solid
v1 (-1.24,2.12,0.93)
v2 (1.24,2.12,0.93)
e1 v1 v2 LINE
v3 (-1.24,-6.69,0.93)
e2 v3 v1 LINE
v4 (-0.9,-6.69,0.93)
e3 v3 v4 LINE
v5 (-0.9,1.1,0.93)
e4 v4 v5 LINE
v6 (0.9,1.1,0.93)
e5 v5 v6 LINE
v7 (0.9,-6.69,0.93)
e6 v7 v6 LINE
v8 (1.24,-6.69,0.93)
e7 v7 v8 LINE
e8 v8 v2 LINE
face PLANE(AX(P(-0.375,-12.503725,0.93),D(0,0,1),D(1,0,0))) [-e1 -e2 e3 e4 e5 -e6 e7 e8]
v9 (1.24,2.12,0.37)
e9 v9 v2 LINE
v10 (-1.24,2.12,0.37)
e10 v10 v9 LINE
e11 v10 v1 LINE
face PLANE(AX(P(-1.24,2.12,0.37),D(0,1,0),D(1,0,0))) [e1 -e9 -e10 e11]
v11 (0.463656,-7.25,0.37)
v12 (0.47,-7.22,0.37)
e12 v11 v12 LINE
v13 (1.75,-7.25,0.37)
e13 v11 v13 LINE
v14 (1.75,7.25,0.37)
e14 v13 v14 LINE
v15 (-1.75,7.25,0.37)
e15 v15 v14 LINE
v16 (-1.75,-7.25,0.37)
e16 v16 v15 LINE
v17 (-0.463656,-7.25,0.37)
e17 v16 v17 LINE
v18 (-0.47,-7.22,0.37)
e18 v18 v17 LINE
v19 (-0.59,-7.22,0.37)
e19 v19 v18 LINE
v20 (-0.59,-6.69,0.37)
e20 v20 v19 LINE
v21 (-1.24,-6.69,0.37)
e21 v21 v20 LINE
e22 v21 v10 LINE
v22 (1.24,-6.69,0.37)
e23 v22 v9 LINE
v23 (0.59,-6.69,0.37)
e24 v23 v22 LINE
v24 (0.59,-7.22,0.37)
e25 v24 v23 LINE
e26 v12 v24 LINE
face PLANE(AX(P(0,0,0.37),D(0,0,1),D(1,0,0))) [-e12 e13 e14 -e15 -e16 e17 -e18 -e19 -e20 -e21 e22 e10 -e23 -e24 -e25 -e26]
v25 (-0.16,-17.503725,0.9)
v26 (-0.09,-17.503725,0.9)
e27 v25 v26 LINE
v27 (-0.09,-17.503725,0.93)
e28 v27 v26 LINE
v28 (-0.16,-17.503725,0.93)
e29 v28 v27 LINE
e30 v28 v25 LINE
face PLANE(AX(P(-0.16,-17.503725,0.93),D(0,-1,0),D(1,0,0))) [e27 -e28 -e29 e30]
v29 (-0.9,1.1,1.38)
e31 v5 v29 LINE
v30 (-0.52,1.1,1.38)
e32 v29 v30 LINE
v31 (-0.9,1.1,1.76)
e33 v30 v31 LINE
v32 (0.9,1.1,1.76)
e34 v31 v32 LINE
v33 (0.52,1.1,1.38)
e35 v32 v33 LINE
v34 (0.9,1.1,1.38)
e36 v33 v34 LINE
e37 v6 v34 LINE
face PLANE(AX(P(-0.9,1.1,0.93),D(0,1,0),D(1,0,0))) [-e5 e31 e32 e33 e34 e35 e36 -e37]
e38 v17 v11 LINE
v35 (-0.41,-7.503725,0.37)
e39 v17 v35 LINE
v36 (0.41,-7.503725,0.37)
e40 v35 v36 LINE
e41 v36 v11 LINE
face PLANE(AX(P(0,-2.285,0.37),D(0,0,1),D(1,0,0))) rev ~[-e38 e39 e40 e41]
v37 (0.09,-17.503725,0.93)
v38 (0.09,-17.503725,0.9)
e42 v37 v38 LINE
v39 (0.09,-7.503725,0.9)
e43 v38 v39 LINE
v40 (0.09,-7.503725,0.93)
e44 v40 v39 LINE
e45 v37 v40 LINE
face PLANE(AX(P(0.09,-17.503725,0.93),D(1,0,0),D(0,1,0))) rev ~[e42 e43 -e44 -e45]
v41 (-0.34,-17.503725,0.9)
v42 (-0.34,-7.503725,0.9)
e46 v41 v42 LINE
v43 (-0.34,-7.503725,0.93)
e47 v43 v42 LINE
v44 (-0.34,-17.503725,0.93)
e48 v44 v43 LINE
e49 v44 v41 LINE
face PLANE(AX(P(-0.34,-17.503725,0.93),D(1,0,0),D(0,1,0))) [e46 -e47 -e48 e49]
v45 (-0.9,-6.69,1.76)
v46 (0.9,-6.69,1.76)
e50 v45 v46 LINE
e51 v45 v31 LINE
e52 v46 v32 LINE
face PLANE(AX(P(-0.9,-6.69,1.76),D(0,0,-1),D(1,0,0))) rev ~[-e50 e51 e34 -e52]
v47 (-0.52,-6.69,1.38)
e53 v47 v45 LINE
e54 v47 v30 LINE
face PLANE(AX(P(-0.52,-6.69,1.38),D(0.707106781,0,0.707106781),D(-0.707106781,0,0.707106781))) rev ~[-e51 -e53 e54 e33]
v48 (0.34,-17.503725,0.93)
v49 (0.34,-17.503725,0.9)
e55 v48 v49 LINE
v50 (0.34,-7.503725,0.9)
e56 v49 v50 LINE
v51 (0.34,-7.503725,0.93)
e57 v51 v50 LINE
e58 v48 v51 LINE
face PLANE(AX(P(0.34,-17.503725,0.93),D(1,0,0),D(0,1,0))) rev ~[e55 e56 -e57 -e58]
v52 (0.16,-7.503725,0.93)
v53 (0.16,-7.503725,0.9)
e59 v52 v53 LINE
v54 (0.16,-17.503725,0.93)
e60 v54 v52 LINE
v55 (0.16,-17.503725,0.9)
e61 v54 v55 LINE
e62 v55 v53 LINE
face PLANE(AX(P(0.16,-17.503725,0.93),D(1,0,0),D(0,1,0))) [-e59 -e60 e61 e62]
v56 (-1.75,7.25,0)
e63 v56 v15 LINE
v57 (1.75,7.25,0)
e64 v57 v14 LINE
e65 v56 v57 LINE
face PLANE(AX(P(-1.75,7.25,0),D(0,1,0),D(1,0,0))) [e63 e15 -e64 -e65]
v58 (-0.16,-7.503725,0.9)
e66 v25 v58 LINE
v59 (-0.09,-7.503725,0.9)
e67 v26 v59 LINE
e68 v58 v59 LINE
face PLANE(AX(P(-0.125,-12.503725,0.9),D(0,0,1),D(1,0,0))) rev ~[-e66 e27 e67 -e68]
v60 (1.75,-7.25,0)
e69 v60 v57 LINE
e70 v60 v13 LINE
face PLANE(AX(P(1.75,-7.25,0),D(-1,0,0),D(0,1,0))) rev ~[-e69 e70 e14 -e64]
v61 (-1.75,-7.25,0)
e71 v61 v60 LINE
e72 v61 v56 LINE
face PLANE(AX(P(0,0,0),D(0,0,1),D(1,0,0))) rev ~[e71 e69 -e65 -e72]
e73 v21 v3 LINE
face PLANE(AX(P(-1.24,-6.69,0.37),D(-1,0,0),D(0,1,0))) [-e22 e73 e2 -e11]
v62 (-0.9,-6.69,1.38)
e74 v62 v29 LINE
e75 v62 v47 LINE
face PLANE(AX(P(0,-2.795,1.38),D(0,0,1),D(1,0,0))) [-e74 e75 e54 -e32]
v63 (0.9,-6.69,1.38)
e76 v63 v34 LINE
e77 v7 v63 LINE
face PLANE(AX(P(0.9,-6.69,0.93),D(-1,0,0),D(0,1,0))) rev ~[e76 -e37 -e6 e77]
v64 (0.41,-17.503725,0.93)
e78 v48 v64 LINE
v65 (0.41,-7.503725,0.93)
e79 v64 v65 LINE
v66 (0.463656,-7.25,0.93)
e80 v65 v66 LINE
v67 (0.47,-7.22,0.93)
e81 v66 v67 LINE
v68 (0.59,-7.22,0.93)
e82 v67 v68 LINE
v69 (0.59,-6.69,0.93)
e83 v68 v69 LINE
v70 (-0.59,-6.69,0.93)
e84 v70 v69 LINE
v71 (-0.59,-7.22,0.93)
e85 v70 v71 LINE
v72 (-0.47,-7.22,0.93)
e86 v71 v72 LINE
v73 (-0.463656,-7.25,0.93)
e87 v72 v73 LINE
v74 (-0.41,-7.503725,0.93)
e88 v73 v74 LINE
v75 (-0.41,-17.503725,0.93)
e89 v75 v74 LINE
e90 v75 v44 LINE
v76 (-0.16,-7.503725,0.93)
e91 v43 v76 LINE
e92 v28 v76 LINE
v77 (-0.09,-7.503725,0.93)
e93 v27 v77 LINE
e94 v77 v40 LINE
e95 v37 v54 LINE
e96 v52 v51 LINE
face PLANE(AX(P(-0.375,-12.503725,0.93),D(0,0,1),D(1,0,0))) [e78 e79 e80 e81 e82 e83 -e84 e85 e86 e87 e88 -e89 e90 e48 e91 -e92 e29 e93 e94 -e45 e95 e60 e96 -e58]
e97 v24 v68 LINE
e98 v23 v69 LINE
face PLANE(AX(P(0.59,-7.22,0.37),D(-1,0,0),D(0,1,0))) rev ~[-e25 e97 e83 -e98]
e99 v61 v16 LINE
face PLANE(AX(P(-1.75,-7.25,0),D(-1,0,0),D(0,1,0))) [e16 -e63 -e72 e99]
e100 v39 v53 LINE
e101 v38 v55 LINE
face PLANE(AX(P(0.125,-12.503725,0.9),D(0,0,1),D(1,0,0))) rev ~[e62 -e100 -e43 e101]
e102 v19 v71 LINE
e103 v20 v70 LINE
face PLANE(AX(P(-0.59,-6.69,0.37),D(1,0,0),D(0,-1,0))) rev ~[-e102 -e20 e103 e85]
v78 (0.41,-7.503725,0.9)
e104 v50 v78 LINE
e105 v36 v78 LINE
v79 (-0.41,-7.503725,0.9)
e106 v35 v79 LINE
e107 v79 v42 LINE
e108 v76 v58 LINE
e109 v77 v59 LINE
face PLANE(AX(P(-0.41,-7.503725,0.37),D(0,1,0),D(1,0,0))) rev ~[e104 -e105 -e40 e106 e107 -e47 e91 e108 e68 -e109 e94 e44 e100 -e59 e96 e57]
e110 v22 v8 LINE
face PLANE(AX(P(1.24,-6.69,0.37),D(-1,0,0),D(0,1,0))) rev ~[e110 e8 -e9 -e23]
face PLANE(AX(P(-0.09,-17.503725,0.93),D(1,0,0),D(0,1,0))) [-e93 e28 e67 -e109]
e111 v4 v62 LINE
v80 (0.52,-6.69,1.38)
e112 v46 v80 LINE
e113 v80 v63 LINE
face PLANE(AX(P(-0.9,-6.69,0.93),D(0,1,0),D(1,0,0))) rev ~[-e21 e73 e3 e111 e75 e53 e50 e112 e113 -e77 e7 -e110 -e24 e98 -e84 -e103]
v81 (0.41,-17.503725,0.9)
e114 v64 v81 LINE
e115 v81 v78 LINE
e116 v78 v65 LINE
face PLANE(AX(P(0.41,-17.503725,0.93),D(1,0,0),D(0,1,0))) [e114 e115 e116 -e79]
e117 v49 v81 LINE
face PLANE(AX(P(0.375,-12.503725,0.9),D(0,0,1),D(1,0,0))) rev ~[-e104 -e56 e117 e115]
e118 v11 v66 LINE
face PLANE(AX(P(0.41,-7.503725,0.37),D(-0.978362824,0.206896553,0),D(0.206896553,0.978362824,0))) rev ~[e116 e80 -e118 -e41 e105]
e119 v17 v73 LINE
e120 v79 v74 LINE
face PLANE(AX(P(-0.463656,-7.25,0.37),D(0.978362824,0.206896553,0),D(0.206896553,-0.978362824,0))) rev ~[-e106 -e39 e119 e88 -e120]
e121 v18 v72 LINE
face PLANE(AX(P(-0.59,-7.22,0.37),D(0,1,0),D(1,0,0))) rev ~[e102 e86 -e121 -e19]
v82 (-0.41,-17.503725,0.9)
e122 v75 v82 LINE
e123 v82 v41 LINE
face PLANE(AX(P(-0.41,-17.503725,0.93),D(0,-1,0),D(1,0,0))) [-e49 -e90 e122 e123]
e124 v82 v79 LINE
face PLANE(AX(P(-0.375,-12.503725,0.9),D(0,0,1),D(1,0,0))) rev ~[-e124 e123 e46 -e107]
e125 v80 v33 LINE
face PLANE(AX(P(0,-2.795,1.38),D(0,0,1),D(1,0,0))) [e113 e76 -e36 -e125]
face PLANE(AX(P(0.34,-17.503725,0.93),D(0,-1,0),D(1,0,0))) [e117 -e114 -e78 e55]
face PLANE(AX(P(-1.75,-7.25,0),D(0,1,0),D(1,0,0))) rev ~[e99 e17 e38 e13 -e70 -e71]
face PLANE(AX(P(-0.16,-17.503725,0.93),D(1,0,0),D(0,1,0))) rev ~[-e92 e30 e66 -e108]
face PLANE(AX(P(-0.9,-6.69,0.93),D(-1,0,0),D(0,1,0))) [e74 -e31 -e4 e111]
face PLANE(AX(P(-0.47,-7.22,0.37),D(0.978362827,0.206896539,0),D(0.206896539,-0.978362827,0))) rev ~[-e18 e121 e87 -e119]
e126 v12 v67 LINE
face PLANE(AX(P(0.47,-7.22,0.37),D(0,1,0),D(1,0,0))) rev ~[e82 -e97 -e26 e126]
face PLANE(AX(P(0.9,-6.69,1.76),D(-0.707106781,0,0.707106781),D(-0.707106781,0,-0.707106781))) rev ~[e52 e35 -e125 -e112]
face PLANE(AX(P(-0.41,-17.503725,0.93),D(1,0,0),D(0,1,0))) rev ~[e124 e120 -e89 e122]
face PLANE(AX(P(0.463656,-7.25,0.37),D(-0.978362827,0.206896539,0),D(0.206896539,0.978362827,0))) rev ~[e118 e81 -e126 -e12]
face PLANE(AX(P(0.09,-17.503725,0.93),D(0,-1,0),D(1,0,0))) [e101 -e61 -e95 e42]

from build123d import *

# Parameters (mm, degrees)
SKETCH1_W           = 3.5
SKETCH1_H           = 14.5
BOSS_EXTRUDE1_DEPTH = 0.37
SKETCH2_W           = 2.48
SKETCH2_H           = 8.81
BOSS_EXTRUDE2_DEPTH = 0.56
SKETCH3_W           = 0.07
SKETCH3_H           = 10
BOSS_EXTRUDE3_DEPTH = 0.03
SKETCH5_W           = 1.8
SKETCH5_H           = 7.79
BOSS_EXTRUDE4_DEPTH = 0.45
BOSS_EXTRUDE5_DEPTH = 7.79


with BuildPart() as part:
    # Sketch1 → Boss-Extrude1 (new body)
    with BuildSketch(Plane.XY):
        Rectangle(SKETCH1_W, SKETCH1_H)
    extrude(amount=BOSS_EXTRUDE1_DEPTH)

    # Sketch2 → Boss-Extrude2 (add)
    with BuildSketch(Plane.XY.offset(0.37)):
        with Locations((0, -2.285)):
            Rectangle(SKETCH2_W, SKETCH2_H)
        Polygon((0.59, -6.69), (-0.59, -6.69), (-0.59, -7.22), (-0.47, -7.22), (0.47, -7.22), (0.59, -7.22), align=None)
        Polygon((0.463655834, -7.25), (-0.463655834, -7.25), (-0.41, -7.503725219), (0.41, -7.503725219), align=None)
        Polygon((0.47, -7.22), (-0.47, -7.22), (-0.463655834, -7.25), (0.463655834, -7.25), align=None)
    extrude(amount=BOSS_EXTRUDE2_DEPTH)

    # Sketch3 → Boss-Extrude3 (add)
    with BuildSketch(Plane.XY.offset(0.93)):
        with Locations((-0.375, -12.503725219)):
            Rectangle(SKETCH3_W, SKETCH3_H)
        with Locations((-0.125, -12.503725219)):
            Rectangle(SKETCH3_W, SKETCH3_H)
        with Locations((0.125, -12.503725219)):
            Rectangle(SKETCH3_W, SKETCH3_H)
        with Locations((0.375, -12.503725219)):
            Rectangle(SKETCH3_W, SKETCH3_H)
    extrude(amount=-BOSS_EXTRUDE3_DEPTH)

    # Sketch5 → Boss-Extrude4 (add)
    with BuildSketch(Plane.XY.offset(0.93)):
        with Locations((0, -2.795)):
            Rectangle(SKETCH5_W, SKETCH5_H)
    extrude(amount=BOSS_EXTRUDE4_DEPTH)

    # Sketch6 → Boss-Extrude5 (add)
    with BuildSketch(Plane.XZ.offset(6.69)):
        Polygon((-0.52, 1.38), (-0.9, 1.76), (0.9, 1.76), (0.52, 1.38), align=None)
    extrude(amount=-BOSS_EXTRUDE5_DEPTH)


solid = part.part
